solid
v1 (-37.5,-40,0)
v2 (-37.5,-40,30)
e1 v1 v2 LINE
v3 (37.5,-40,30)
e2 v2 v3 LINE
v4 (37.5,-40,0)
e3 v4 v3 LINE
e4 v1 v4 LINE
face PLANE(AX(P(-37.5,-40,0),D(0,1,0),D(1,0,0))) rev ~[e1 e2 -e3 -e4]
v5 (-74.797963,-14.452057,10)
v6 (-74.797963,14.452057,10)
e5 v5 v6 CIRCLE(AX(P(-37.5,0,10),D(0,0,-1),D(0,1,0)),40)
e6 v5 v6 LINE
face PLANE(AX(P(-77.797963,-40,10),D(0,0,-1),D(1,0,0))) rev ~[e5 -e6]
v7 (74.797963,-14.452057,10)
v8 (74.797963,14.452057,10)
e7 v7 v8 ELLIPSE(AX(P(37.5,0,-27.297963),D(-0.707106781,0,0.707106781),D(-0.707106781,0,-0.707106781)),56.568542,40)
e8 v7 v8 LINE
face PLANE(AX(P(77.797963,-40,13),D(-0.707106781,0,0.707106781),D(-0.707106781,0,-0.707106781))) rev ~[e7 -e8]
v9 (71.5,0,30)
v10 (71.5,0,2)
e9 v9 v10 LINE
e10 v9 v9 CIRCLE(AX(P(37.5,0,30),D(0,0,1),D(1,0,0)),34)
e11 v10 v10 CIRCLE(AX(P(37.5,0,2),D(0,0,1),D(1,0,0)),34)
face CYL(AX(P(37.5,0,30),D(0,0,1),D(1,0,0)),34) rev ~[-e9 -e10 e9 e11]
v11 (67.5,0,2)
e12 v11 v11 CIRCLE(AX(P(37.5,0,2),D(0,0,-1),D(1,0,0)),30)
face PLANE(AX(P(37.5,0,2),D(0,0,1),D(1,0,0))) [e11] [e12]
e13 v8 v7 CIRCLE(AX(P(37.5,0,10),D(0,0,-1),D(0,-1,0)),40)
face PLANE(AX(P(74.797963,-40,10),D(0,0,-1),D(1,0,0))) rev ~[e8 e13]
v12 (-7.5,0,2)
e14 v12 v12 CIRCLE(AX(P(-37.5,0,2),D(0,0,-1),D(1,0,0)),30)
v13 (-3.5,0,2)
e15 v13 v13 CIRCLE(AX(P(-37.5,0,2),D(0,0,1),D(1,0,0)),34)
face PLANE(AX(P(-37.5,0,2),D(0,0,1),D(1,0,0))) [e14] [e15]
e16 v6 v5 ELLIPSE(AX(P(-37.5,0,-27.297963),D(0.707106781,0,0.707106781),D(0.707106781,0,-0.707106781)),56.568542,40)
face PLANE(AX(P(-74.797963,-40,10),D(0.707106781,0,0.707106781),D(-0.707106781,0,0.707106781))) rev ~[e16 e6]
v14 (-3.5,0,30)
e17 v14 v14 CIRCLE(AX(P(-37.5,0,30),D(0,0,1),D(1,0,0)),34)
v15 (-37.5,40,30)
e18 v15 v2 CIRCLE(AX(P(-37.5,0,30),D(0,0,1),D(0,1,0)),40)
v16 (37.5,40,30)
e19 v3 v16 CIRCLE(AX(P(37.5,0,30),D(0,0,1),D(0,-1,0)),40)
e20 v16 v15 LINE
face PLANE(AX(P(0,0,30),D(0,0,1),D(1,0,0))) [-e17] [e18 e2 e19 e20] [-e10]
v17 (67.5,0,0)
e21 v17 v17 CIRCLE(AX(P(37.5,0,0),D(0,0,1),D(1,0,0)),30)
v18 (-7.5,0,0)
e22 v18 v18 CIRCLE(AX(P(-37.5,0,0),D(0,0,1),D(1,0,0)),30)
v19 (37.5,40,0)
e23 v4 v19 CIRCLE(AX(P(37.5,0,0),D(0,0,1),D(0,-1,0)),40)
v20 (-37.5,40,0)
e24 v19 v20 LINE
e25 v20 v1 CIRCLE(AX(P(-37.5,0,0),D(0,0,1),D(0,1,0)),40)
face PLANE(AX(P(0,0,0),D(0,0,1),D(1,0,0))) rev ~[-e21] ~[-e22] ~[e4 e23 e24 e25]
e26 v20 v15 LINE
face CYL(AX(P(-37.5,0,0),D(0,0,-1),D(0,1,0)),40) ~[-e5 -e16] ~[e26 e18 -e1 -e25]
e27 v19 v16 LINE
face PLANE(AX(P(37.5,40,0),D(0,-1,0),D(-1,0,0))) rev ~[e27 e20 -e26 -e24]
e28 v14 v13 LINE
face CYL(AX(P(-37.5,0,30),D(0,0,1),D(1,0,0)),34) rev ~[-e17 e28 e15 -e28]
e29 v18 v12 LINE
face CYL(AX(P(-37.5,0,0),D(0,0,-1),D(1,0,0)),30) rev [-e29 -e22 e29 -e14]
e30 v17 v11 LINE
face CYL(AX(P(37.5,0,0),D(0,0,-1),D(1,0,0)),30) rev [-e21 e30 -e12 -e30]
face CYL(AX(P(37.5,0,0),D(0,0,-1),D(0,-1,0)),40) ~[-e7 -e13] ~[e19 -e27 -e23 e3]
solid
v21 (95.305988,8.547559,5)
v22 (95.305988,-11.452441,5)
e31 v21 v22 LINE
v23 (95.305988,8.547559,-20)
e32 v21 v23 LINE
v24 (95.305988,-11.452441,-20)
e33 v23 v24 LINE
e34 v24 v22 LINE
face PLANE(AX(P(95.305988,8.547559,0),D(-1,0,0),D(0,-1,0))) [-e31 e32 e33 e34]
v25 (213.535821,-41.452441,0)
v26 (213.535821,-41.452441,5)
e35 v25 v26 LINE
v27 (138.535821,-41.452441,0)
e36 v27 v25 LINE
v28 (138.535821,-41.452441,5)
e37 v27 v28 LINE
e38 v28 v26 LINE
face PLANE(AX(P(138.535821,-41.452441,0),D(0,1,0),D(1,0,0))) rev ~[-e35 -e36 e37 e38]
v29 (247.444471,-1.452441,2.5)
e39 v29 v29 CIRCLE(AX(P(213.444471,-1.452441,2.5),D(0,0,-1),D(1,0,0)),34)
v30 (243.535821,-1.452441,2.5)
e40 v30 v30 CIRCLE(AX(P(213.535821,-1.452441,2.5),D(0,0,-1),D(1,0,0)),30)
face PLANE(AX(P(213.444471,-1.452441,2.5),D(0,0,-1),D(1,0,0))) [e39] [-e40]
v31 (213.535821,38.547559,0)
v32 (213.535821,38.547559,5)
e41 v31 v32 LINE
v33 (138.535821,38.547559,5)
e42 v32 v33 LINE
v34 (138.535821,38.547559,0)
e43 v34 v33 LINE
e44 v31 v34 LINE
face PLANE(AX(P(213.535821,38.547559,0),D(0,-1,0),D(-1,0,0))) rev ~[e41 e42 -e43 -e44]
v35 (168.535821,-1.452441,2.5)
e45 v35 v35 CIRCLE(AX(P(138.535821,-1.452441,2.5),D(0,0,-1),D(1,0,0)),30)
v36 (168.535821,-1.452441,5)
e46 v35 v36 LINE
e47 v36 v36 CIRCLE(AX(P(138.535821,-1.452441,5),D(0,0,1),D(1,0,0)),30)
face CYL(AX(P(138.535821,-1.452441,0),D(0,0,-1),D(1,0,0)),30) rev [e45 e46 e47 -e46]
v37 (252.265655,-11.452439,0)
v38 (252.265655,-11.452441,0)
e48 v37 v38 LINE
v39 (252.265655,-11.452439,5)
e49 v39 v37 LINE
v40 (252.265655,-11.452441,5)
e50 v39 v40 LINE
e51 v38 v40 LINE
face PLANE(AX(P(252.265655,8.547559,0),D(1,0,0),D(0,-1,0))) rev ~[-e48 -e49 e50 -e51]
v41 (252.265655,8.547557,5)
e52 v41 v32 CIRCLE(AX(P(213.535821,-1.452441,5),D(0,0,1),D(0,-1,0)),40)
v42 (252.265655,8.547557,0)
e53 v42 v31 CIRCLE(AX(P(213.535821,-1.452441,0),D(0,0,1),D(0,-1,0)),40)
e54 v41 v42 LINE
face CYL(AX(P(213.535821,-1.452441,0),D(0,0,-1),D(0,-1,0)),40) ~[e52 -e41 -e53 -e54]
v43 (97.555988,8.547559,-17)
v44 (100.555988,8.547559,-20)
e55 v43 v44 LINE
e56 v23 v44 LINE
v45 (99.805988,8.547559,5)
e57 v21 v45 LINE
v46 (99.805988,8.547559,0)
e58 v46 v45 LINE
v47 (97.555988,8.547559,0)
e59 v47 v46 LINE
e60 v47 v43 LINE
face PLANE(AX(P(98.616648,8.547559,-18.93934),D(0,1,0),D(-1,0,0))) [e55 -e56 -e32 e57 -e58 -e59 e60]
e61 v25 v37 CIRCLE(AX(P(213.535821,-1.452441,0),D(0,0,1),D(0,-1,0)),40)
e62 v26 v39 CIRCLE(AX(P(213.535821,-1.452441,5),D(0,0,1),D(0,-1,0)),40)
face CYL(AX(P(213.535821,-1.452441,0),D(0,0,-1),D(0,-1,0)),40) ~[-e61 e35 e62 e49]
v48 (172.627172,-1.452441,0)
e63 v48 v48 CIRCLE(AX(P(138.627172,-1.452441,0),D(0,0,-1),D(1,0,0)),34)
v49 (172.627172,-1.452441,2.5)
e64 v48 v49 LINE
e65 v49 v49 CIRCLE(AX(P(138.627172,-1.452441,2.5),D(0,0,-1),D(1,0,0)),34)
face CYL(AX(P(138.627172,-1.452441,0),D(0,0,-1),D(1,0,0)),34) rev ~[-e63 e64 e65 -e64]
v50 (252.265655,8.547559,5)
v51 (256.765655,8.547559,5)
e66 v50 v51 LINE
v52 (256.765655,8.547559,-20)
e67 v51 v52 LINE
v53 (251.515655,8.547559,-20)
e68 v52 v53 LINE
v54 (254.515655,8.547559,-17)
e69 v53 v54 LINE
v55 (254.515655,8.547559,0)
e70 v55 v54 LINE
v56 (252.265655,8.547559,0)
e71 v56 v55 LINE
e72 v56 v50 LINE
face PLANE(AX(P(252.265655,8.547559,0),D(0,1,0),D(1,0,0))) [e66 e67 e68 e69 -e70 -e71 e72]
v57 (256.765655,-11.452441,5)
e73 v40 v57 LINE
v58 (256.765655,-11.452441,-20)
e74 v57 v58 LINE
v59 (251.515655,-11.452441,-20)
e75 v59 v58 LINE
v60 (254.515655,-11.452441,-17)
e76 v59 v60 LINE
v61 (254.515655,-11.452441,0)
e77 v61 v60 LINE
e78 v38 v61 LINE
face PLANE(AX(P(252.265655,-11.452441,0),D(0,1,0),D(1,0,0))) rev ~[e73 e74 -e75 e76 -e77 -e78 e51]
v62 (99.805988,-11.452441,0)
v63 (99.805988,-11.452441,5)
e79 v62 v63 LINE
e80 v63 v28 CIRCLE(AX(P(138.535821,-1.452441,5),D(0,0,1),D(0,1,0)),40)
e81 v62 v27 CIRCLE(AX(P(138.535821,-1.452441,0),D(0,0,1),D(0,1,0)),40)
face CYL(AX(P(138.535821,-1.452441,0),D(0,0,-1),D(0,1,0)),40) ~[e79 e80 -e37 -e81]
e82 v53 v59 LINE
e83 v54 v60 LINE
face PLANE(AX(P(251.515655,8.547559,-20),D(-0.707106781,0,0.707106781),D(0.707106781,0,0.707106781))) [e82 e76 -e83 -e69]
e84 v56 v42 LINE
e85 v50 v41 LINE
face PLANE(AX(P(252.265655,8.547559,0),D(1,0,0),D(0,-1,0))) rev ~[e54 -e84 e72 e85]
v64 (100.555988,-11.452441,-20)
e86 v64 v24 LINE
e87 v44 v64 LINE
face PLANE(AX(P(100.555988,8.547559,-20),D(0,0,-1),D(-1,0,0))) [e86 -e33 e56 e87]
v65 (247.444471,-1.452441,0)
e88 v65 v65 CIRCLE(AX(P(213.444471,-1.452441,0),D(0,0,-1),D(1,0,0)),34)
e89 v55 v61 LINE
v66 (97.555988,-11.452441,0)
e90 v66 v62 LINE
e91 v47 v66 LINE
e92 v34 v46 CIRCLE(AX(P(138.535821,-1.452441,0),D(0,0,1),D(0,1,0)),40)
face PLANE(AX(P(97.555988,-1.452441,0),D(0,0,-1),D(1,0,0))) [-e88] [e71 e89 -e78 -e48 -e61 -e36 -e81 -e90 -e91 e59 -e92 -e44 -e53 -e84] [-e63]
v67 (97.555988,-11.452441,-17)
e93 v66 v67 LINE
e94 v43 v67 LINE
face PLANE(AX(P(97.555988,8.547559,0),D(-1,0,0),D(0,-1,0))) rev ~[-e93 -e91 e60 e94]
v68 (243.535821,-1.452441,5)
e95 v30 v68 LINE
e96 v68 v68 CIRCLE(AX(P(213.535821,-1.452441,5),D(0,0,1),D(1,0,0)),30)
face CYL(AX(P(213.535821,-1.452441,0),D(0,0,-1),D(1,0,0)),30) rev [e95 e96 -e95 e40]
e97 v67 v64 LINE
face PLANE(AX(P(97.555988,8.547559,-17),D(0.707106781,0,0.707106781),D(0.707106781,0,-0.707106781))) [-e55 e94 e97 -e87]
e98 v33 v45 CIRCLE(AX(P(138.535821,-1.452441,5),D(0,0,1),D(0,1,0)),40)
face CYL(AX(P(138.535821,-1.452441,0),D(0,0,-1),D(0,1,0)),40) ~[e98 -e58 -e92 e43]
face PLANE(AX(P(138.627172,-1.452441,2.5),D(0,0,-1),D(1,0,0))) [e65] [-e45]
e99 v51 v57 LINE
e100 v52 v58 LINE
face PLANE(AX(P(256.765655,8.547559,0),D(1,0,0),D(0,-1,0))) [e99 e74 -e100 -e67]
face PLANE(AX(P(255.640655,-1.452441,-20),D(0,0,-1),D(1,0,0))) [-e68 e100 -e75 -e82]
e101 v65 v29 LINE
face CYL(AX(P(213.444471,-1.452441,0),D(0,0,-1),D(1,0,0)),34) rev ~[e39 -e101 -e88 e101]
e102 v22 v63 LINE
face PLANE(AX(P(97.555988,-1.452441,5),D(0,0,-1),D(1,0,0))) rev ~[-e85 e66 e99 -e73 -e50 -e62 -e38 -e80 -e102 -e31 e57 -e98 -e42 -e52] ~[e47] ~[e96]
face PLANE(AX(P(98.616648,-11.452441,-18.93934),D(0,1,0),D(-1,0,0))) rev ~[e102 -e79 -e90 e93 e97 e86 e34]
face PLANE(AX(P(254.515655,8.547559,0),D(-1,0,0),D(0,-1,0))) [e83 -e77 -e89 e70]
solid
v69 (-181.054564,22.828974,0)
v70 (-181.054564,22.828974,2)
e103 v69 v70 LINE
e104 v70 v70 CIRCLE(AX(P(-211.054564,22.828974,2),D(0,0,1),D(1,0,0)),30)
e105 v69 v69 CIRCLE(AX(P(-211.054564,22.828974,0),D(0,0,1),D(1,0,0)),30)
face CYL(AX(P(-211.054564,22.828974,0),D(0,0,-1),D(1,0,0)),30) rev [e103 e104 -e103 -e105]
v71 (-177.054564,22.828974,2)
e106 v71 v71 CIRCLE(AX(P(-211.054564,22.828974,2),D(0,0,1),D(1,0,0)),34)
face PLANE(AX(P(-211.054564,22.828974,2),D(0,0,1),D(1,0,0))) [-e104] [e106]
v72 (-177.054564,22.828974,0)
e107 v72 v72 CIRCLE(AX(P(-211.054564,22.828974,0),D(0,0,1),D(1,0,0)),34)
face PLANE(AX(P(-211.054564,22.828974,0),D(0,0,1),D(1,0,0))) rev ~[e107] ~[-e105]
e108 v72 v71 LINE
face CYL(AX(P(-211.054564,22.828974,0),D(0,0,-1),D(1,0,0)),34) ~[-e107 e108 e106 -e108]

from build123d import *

# Parameters (mm, degrees)
F0_R      = 30
F1_DEPTH  = 30
F2_R      = 34
F3_DEPTH  = 28
F4_R      = 34
F4_R_2    = 30
F5_DEPTH  = 2
F6_R      = 30
F7_DEPTH  = 5
F8_R      = 34
F9_DEPTH  = 2.5
F10_W     = 4.5
F10_H     = 20
F11_DEPTH = 5
F12_W     = 2.25
F12_H     = 20
F13_DEPTH = 20
F15_DEPTH = 20
F17_DEPTH = 96.829974


with BuildPart() as f1:
    # F0 (on Top) → F1 (new body)
    with BuildSketch(Plane.XY):
        with BuildLine():
            Line((37.5, 40), (-37.5, 40))
            ThreePointArc((-37.5, 40), (-77.5, 0), (-37.5, -40))
            Line((-37.5, -40), (37.5, -40))
            ThreePointArc((37.5, -40), (77.5, 0), (37.5, 40))
        make_face()
        with Locations((-37.5, 0)):
            Circle(F0_R, mode=Mode.SUBTRACT)
        with Locations((37.5, 0)):
            Circle(F0_R, mode=Mode.SUBTRACT)
    extrude(amount=F1_DEPTH)

    # F2 (on face) → F3 (cut)
    with BuildSketch(Plane.XY.offset(30)):
        with Locations((-37.5, 0)):
            Circle(F2_R)
        with Locations((37.5, 0)):
            Circle(F2_R)
    extrude(amount=-F3_DEPTH, mode=Mode.SUBTRACT)

    # F16 (on face) → F17 (cut, through all)
    with BuildSketch(Plane.XZ.offset(40)):
        Polygon((-74.797963, 10), (-77.797963, 13), (-77.797963, 10), align=None)
        Polygon((77.797963, 13), (74.797963, 10), (77.797963, 10), align=None)
    extrude(amount=-F17_DEPTH, mode=Mode.SUBTRACT)


with BuildPart() as f5:
    # F4 (on Top) → F5 (new body)
    with BuildSketch(Plane.XY):
        with Locations((-211.054564, 22.828974)):
            Circle(F4_R)
        with Locations((-211.054564, 22.828974)):
            Circle(F4_R_2, mode=Mode.SUBTRACT)
    extrude(amount=F5_DEPTH)


with BuildPart() as f7:
    # F6 (on Top) → F7 (new body)
    with BuildSketch(Plane.XY):
        with BuildLine():
            Line((213.535821, 38.547559), (138.535821, 38.547559))
            ThreePointArc((138.535821, 38.547559), (98.535821, -1.452441), (138.535821, -41.452441))
            Line((138.535821, -41.452441), (213.535821, -41.452441))
            ThreePointArc((213.535821, -41.452441), (253.535821, -1.452441), (213.535821, 38.547559))
        make_face()
        with Locations((138.535821, -1.452441)):
            Circle(F6_R, mode=Mode.SUBTRACT)
        with Locations((213.535821, -1.452441)):
            Circle(F6_R, mode=Mode.SUBTRACT)
    extrude(amount=F7_DEPTH)

    # F8 (on face) → F9 (cut)
    with BuildSketch(Plane(origin=(0, 0, 0), x_dir=(1, 0, 0), z_dir=(0, 0, -1))):
        with Locations((138.627172, 1.452441)):
            Circle(F8_R)
        with Locations((213.444471, 1.452441)):
            Circle(F8_R)
    extrude(amount=-F9_DEPTH, mode=Mode.SUBTRACT)

    # F10 (on face) → F11 (join, through all)
    with BuildSketch(Plane(origin=(0, 0, 0), x_dir=(1, 0, 0), z_dir=(0, 0, -1))):
        with Locations((97.555988, 1.452441)):
            Rectangle(F10_W, F10_H)
        with Locations((254.515655, 1.452441)):
            Rectangle(F10_W, F10_H)
    extrude(amount=-F11_DEPTH)

    # F12 (on face) → F13 (join)
    with BuildSketch(Plane(origin=(0, 0, 0), x_dir=(1, 0, 0), z_dir=(0, 0, -1))):
        with Locations((96.430988, 1.452441)):
            Rectangle(F12_W, F12_H)
        with Locations((255.640655, 1.452441)):
            Rectangle(F12_W, F12_H)
    extrude(amount=F13_DEPTH)

    # F14 (on face) → F15 (join, through all)
    with BuildSketch(Plane(origin=(0, 8.547559, 0), x_dir=(-1, 0, 0), z_dir=(0, 1, 0))):
        Polygon((-97.555988, -20), (-97.555988, -17), (-100.555988, -20), align=None)
        Polygon((-251.515655, -20), (-254.515655, -17), (-254.515655, -20), align=None)
    extrude(amount=-F15_DEPTH)


solid = Compound([f1.part, f5.part, f7.part])
